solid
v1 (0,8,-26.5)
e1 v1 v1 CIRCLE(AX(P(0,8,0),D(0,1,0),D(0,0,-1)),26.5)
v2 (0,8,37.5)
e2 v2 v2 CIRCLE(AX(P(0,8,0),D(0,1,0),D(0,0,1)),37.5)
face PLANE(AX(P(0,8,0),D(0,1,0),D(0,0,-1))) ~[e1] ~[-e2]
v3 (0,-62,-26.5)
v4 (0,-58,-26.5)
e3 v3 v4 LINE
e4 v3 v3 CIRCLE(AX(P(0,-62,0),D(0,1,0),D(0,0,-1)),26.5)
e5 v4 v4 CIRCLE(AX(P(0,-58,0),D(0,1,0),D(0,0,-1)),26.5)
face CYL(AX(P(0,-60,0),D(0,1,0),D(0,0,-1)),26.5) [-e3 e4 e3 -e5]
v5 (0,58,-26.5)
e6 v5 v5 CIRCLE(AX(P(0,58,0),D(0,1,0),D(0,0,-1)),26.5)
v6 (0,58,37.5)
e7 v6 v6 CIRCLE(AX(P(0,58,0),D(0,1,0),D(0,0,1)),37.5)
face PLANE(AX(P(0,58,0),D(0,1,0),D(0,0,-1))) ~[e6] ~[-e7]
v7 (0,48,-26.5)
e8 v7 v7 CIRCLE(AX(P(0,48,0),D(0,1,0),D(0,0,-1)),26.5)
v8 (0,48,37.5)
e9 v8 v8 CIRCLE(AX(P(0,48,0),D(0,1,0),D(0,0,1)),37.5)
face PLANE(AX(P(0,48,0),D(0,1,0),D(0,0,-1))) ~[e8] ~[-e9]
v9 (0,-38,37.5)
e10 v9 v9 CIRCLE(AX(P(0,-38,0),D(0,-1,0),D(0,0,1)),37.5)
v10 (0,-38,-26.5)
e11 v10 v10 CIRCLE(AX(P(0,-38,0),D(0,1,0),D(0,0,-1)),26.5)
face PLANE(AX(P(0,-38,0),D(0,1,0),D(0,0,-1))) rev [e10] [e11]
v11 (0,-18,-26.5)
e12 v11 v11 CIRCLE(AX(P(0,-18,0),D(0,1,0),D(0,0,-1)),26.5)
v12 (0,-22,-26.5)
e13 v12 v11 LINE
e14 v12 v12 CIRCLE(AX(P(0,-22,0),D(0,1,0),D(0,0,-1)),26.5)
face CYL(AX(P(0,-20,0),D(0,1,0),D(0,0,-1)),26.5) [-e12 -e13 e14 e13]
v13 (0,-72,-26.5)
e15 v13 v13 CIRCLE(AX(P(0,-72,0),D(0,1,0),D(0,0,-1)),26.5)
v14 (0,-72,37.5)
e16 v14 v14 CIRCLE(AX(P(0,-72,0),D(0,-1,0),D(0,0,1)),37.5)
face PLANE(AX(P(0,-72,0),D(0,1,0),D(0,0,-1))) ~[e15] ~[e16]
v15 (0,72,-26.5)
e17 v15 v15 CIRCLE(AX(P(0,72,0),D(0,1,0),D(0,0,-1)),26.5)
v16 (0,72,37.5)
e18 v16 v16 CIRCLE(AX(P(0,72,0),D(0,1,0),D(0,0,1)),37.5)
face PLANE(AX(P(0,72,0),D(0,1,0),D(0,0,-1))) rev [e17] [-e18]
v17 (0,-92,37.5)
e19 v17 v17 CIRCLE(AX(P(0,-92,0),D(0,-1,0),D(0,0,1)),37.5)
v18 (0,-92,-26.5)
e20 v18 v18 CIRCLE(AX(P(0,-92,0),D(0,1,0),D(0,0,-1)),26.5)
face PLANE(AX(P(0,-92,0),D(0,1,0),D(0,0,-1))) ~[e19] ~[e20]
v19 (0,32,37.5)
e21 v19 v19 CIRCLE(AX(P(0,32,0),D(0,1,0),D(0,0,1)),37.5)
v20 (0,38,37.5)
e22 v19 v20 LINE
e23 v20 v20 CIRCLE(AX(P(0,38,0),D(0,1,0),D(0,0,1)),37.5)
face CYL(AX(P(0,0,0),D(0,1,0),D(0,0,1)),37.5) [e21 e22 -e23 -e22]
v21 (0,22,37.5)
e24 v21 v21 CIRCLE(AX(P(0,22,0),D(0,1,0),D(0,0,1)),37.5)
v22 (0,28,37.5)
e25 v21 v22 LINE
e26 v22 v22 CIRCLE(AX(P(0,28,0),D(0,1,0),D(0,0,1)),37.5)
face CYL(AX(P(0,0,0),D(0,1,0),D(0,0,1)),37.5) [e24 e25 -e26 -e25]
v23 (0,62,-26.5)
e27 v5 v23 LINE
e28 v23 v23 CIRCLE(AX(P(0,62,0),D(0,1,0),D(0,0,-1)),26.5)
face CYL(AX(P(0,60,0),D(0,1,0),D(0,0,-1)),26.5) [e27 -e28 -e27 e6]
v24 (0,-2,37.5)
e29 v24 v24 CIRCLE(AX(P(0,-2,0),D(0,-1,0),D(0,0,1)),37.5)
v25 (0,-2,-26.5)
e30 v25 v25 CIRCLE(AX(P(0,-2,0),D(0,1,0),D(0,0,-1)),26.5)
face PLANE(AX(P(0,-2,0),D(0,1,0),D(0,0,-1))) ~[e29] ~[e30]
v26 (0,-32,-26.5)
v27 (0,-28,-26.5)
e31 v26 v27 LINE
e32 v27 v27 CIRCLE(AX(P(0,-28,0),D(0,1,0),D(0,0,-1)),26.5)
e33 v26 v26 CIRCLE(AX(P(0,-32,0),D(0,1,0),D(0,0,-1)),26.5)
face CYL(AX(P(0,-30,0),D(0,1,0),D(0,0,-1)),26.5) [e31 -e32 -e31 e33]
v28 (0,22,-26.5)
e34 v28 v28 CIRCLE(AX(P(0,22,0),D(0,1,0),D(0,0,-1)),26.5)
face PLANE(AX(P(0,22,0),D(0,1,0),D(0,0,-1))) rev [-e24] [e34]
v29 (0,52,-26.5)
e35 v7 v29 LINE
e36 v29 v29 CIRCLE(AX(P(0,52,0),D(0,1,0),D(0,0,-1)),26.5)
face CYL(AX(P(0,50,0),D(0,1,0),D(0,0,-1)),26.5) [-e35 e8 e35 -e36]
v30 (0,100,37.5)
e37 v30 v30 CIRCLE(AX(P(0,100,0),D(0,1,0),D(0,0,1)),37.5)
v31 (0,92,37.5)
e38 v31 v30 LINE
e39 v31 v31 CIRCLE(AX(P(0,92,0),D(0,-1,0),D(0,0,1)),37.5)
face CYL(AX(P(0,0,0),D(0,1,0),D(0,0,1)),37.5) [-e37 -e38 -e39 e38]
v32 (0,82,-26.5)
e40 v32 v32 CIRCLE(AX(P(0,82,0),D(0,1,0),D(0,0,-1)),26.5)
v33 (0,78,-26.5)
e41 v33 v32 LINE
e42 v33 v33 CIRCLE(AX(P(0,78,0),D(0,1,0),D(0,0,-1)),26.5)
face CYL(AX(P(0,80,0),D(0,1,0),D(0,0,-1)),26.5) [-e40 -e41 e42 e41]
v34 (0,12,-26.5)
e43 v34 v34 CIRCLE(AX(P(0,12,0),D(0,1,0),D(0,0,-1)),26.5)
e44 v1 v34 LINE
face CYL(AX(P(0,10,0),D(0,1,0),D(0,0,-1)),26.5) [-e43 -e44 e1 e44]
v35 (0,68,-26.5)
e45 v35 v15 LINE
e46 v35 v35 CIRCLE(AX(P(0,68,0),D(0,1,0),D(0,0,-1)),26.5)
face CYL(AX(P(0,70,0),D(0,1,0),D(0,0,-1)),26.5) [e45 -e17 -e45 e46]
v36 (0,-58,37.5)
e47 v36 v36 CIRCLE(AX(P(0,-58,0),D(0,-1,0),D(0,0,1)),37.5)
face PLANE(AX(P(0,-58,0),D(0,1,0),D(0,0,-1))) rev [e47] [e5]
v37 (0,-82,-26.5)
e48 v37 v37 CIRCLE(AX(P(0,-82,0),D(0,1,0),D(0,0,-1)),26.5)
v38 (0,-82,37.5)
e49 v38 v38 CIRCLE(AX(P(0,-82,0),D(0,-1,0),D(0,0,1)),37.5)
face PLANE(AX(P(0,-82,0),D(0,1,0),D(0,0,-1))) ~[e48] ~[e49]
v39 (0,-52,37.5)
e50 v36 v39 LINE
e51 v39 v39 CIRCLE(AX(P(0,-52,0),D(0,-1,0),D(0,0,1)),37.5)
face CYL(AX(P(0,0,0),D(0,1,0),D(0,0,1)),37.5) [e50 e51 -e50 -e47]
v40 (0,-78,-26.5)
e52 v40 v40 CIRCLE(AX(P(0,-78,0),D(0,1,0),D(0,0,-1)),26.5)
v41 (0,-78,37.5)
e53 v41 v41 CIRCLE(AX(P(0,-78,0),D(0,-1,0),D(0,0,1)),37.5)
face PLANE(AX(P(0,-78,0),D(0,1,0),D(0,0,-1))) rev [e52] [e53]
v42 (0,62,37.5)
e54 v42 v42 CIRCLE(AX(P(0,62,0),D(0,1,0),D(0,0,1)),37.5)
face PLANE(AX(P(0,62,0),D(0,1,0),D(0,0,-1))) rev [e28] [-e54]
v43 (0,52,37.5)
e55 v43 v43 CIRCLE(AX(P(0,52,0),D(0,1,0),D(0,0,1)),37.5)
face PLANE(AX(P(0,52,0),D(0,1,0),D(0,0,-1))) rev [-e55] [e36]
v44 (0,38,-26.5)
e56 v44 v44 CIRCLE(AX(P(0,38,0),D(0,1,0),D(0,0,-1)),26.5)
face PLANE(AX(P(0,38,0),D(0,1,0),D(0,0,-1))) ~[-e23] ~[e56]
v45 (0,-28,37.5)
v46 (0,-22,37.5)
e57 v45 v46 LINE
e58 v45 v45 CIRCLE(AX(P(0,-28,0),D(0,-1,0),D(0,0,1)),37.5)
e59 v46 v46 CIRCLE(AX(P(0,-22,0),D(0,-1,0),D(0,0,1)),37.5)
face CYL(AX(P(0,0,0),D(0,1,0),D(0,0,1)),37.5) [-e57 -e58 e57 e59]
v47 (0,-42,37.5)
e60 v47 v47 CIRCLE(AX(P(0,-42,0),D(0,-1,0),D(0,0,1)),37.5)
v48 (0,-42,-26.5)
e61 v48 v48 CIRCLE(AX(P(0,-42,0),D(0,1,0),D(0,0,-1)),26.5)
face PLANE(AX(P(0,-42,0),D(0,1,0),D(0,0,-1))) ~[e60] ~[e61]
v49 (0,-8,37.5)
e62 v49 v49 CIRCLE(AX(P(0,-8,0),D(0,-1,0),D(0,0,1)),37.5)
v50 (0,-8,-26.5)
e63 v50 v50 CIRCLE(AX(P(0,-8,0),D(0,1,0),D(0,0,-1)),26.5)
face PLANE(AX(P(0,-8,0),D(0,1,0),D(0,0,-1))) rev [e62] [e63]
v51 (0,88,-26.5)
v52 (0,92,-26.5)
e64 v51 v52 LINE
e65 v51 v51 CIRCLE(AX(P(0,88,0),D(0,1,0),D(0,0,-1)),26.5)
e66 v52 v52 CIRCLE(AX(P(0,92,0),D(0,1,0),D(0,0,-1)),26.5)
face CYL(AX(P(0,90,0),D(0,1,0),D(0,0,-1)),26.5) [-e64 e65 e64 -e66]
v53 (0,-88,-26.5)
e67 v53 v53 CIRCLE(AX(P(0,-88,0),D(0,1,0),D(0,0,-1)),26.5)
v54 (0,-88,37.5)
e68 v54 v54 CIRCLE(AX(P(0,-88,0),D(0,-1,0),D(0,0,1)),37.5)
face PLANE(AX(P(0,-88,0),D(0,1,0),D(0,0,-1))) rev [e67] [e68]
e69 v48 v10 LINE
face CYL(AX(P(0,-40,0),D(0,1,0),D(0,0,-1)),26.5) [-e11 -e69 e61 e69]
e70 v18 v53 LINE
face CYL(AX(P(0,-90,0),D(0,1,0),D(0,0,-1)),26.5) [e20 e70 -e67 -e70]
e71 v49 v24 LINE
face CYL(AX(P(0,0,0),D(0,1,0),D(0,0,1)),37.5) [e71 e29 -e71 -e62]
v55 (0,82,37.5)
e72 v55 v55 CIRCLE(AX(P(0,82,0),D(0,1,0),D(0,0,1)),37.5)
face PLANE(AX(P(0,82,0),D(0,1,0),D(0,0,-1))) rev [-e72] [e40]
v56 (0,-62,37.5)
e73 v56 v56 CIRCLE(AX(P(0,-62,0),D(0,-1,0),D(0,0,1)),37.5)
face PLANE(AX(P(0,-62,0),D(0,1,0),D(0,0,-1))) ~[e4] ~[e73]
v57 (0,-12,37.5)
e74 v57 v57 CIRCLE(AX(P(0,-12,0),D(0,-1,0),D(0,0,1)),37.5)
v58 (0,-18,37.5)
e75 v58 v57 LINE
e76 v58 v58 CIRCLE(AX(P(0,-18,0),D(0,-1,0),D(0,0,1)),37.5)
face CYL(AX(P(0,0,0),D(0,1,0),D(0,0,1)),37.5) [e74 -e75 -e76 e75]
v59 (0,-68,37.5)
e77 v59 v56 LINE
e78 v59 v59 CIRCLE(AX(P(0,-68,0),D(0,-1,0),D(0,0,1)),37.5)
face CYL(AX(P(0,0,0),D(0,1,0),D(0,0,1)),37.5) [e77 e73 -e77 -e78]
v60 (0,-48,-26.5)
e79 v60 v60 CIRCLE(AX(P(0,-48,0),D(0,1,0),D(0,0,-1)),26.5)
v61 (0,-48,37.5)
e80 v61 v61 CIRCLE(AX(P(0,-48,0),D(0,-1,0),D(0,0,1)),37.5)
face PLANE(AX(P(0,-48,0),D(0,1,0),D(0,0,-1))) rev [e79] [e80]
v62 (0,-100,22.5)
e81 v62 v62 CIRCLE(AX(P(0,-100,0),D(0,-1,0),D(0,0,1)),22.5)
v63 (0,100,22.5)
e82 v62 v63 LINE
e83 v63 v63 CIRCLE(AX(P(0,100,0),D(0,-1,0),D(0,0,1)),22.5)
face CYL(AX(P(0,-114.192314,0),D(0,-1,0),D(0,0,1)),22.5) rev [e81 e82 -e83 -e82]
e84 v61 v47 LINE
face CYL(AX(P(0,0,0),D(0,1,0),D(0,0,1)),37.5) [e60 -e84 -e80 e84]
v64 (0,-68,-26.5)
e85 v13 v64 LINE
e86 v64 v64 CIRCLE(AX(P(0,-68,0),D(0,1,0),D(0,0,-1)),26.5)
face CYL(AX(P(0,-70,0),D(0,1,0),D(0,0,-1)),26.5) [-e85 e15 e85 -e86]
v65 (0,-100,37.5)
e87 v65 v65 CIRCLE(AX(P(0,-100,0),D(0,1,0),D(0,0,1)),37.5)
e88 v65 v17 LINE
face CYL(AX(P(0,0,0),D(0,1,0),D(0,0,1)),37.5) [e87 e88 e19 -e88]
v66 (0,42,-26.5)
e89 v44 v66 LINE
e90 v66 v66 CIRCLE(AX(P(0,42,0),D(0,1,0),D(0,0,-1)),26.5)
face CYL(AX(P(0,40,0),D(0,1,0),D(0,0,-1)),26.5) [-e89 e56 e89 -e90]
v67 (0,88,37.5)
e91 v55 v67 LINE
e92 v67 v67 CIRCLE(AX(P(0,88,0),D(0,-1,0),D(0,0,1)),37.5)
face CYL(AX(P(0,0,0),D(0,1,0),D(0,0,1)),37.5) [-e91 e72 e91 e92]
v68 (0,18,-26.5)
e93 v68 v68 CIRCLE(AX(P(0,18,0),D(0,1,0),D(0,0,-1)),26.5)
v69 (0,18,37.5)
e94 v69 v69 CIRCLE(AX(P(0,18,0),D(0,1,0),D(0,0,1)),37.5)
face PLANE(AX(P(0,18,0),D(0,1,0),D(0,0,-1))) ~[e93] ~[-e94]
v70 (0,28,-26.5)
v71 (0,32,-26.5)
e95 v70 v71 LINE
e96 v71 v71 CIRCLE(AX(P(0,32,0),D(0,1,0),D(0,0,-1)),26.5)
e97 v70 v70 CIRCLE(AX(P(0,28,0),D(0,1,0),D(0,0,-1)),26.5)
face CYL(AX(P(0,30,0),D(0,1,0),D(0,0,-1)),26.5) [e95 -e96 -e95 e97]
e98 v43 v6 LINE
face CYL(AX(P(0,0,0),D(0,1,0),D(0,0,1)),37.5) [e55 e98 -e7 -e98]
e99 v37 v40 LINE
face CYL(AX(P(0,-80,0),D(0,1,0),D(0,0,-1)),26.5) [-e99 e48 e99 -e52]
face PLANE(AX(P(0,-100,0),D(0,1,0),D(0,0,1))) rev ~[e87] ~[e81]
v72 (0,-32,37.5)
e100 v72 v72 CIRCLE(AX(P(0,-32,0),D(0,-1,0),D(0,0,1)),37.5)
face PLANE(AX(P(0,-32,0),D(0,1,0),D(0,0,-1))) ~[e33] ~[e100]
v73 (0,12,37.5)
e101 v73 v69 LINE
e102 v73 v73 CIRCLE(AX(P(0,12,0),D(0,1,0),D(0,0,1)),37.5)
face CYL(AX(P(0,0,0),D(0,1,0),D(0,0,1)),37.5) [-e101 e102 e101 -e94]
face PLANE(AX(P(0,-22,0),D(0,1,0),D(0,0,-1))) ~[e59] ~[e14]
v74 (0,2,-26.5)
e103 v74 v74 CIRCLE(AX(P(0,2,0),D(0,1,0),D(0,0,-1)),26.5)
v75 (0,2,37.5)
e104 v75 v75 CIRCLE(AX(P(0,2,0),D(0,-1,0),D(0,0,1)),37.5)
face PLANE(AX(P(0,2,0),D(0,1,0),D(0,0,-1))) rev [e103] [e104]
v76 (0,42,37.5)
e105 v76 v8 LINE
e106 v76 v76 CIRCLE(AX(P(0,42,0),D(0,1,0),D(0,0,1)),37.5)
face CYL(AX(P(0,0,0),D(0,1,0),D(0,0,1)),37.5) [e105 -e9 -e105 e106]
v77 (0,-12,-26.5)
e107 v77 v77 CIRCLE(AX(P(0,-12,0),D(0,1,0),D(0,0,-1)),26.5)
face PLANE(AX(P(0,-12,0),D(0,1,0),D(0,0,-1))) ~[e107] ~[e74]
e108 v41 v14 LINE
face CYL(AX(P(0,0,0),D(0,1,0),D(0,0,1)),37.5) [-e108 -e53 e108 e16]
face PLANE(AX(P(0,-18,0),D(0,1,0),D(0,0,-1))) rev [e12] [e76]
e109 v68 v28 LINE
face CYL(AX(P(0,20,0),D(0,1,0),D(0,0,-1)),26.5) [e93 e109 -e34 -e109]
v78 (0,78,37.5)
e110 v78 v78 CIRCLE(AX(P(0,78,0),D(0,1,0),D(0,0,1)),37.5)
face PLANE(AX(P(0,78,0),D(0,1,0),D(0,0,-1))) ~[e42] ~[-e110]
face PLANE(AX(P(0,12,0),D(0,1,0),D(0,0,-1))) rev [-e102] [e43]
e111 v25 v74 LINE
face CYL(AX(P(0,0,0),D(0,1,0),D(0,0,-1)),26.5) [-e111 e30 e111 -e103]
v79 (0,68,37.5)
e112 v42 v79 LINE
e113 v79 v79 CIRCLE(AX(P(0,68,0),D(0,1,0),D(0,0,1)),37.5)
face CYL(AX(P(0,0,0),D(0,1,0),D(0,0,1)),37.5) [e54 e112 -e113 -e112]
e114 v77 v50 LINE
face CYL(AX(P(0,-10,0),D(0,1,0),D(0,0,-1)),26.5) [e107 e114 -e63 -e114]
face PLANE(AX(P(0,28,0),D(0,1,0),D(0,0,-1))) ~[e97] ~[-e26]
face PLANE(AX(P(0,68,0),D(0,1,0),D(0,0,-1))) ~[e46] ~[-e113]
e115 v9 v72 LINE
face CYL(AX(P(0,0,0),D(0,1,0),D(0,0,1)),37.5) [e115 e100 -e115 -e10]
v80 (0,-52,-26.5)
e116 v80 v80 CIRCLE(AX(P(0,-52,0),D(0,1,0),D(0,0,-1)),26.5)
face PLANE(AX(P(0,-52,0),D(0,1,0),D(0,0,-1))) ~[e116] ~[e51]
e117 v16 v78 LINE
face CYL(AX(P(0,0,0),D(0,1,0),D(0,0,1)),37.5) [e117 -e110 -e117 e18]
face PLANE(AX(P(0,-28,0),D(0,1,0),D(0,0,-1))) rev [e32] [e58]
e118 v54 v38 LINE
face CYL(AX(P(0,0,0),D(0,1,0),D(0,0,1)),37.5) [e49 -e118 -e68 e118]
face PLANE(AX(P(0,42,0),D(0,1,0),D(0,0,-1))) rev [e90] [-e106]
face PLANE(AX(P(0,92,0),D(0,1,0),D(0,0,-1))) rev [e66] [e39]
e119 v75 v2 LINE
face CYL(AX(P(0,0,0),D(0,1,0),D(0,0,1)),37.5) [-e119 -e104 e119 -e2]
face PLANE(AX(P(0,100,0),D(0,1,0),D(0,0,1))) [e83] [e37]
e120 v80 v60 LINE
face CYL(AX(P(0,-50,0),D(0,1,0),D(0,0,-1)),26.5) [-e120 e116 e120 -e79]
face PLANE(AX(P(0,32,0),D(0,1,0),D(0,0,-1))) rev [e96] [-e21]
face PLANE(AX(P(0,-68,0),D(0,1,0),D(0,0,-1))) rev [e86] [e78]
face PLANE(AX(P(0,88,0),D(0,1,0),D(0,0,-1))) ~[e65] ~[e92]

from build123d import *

# Parameters (mm, degrees)
SKETCH1_R               = 37.5
BOSS_EXTRUDE1_DEPTH     = 100
CUT_EXTRUDE1_DEPTH      = 114.192314227
CUT_EXTRUDE1_DEPTH_BACK = 114.192314227
SKETCH2_R               = 22.5
SKETCH3_W               = 11
SKETCH3_H               = 4
LPATTERN1_COUNT         = 19
LPATTERN1_PITCH         = 10


with BuildPart() as part:
    # Sketch1 → Boss-Extrude1 (new, symmetric)
    with BuildSketch(Plane(origin=(0, 0, 0), x_dir=(1, 0, 0), z_dir=(0, 1, 0))):
        with Locations(Location((0, 0, 0), (0, 0, 270))):
            Circle(SKETCH1_R)
    extrude(amount=BOSS_EXTRUDE1_DEPTH, both=True)

    # Sketch2 → Cut-Extrude1 (cut, two sides: drawn at the far end of the back side and taken through both)
    with BuildSketch(Plane(origin=(0, 0, 0), x_dir=(1, 0, 0), z_dir=(0, 1, 0)).offset(-CUT_EXTRUDE1_DEPTH_BACK)):
        with Locations(Location((0, 0, 0), (0, 0, 270))):
            Circle(SKETCH2_R)
    extrude(amount=CUT_EXTRUDE1_DEPTH + CUT_EXTRUDE1_DEPTH_BACK, mode=Mode.SUBTRACT)

    # Sketch3 → Cut-Revolve1 (revolve, cut)
    with BuildSketch(Plane.XY, mode=Mode.PRIVATE) as cut_revolve1_sk:
        with Locations((32, 90)):
            Rectangle(SKETCH3_W, SKETCH3_H)
    cut_revolve1 = revolve(cut_revolve1_sk.sketch.rotate(Axis((0, -110, 0), (0, 1, 0)), 90), axis=Axis((0, -110, 0), (0, 1, 0)), mode=Mode.SUBTRACT)

    # LPattern1: Cut-Revolve1 ×19
    with Locations(*[(0, -i * LPATTERN1_PITCH, 0) for i in range(1, LPATTERN1_COUNT)]):
        add(cut_revolve1, mode=Mode.SUBTRACT)


solid = part.part
